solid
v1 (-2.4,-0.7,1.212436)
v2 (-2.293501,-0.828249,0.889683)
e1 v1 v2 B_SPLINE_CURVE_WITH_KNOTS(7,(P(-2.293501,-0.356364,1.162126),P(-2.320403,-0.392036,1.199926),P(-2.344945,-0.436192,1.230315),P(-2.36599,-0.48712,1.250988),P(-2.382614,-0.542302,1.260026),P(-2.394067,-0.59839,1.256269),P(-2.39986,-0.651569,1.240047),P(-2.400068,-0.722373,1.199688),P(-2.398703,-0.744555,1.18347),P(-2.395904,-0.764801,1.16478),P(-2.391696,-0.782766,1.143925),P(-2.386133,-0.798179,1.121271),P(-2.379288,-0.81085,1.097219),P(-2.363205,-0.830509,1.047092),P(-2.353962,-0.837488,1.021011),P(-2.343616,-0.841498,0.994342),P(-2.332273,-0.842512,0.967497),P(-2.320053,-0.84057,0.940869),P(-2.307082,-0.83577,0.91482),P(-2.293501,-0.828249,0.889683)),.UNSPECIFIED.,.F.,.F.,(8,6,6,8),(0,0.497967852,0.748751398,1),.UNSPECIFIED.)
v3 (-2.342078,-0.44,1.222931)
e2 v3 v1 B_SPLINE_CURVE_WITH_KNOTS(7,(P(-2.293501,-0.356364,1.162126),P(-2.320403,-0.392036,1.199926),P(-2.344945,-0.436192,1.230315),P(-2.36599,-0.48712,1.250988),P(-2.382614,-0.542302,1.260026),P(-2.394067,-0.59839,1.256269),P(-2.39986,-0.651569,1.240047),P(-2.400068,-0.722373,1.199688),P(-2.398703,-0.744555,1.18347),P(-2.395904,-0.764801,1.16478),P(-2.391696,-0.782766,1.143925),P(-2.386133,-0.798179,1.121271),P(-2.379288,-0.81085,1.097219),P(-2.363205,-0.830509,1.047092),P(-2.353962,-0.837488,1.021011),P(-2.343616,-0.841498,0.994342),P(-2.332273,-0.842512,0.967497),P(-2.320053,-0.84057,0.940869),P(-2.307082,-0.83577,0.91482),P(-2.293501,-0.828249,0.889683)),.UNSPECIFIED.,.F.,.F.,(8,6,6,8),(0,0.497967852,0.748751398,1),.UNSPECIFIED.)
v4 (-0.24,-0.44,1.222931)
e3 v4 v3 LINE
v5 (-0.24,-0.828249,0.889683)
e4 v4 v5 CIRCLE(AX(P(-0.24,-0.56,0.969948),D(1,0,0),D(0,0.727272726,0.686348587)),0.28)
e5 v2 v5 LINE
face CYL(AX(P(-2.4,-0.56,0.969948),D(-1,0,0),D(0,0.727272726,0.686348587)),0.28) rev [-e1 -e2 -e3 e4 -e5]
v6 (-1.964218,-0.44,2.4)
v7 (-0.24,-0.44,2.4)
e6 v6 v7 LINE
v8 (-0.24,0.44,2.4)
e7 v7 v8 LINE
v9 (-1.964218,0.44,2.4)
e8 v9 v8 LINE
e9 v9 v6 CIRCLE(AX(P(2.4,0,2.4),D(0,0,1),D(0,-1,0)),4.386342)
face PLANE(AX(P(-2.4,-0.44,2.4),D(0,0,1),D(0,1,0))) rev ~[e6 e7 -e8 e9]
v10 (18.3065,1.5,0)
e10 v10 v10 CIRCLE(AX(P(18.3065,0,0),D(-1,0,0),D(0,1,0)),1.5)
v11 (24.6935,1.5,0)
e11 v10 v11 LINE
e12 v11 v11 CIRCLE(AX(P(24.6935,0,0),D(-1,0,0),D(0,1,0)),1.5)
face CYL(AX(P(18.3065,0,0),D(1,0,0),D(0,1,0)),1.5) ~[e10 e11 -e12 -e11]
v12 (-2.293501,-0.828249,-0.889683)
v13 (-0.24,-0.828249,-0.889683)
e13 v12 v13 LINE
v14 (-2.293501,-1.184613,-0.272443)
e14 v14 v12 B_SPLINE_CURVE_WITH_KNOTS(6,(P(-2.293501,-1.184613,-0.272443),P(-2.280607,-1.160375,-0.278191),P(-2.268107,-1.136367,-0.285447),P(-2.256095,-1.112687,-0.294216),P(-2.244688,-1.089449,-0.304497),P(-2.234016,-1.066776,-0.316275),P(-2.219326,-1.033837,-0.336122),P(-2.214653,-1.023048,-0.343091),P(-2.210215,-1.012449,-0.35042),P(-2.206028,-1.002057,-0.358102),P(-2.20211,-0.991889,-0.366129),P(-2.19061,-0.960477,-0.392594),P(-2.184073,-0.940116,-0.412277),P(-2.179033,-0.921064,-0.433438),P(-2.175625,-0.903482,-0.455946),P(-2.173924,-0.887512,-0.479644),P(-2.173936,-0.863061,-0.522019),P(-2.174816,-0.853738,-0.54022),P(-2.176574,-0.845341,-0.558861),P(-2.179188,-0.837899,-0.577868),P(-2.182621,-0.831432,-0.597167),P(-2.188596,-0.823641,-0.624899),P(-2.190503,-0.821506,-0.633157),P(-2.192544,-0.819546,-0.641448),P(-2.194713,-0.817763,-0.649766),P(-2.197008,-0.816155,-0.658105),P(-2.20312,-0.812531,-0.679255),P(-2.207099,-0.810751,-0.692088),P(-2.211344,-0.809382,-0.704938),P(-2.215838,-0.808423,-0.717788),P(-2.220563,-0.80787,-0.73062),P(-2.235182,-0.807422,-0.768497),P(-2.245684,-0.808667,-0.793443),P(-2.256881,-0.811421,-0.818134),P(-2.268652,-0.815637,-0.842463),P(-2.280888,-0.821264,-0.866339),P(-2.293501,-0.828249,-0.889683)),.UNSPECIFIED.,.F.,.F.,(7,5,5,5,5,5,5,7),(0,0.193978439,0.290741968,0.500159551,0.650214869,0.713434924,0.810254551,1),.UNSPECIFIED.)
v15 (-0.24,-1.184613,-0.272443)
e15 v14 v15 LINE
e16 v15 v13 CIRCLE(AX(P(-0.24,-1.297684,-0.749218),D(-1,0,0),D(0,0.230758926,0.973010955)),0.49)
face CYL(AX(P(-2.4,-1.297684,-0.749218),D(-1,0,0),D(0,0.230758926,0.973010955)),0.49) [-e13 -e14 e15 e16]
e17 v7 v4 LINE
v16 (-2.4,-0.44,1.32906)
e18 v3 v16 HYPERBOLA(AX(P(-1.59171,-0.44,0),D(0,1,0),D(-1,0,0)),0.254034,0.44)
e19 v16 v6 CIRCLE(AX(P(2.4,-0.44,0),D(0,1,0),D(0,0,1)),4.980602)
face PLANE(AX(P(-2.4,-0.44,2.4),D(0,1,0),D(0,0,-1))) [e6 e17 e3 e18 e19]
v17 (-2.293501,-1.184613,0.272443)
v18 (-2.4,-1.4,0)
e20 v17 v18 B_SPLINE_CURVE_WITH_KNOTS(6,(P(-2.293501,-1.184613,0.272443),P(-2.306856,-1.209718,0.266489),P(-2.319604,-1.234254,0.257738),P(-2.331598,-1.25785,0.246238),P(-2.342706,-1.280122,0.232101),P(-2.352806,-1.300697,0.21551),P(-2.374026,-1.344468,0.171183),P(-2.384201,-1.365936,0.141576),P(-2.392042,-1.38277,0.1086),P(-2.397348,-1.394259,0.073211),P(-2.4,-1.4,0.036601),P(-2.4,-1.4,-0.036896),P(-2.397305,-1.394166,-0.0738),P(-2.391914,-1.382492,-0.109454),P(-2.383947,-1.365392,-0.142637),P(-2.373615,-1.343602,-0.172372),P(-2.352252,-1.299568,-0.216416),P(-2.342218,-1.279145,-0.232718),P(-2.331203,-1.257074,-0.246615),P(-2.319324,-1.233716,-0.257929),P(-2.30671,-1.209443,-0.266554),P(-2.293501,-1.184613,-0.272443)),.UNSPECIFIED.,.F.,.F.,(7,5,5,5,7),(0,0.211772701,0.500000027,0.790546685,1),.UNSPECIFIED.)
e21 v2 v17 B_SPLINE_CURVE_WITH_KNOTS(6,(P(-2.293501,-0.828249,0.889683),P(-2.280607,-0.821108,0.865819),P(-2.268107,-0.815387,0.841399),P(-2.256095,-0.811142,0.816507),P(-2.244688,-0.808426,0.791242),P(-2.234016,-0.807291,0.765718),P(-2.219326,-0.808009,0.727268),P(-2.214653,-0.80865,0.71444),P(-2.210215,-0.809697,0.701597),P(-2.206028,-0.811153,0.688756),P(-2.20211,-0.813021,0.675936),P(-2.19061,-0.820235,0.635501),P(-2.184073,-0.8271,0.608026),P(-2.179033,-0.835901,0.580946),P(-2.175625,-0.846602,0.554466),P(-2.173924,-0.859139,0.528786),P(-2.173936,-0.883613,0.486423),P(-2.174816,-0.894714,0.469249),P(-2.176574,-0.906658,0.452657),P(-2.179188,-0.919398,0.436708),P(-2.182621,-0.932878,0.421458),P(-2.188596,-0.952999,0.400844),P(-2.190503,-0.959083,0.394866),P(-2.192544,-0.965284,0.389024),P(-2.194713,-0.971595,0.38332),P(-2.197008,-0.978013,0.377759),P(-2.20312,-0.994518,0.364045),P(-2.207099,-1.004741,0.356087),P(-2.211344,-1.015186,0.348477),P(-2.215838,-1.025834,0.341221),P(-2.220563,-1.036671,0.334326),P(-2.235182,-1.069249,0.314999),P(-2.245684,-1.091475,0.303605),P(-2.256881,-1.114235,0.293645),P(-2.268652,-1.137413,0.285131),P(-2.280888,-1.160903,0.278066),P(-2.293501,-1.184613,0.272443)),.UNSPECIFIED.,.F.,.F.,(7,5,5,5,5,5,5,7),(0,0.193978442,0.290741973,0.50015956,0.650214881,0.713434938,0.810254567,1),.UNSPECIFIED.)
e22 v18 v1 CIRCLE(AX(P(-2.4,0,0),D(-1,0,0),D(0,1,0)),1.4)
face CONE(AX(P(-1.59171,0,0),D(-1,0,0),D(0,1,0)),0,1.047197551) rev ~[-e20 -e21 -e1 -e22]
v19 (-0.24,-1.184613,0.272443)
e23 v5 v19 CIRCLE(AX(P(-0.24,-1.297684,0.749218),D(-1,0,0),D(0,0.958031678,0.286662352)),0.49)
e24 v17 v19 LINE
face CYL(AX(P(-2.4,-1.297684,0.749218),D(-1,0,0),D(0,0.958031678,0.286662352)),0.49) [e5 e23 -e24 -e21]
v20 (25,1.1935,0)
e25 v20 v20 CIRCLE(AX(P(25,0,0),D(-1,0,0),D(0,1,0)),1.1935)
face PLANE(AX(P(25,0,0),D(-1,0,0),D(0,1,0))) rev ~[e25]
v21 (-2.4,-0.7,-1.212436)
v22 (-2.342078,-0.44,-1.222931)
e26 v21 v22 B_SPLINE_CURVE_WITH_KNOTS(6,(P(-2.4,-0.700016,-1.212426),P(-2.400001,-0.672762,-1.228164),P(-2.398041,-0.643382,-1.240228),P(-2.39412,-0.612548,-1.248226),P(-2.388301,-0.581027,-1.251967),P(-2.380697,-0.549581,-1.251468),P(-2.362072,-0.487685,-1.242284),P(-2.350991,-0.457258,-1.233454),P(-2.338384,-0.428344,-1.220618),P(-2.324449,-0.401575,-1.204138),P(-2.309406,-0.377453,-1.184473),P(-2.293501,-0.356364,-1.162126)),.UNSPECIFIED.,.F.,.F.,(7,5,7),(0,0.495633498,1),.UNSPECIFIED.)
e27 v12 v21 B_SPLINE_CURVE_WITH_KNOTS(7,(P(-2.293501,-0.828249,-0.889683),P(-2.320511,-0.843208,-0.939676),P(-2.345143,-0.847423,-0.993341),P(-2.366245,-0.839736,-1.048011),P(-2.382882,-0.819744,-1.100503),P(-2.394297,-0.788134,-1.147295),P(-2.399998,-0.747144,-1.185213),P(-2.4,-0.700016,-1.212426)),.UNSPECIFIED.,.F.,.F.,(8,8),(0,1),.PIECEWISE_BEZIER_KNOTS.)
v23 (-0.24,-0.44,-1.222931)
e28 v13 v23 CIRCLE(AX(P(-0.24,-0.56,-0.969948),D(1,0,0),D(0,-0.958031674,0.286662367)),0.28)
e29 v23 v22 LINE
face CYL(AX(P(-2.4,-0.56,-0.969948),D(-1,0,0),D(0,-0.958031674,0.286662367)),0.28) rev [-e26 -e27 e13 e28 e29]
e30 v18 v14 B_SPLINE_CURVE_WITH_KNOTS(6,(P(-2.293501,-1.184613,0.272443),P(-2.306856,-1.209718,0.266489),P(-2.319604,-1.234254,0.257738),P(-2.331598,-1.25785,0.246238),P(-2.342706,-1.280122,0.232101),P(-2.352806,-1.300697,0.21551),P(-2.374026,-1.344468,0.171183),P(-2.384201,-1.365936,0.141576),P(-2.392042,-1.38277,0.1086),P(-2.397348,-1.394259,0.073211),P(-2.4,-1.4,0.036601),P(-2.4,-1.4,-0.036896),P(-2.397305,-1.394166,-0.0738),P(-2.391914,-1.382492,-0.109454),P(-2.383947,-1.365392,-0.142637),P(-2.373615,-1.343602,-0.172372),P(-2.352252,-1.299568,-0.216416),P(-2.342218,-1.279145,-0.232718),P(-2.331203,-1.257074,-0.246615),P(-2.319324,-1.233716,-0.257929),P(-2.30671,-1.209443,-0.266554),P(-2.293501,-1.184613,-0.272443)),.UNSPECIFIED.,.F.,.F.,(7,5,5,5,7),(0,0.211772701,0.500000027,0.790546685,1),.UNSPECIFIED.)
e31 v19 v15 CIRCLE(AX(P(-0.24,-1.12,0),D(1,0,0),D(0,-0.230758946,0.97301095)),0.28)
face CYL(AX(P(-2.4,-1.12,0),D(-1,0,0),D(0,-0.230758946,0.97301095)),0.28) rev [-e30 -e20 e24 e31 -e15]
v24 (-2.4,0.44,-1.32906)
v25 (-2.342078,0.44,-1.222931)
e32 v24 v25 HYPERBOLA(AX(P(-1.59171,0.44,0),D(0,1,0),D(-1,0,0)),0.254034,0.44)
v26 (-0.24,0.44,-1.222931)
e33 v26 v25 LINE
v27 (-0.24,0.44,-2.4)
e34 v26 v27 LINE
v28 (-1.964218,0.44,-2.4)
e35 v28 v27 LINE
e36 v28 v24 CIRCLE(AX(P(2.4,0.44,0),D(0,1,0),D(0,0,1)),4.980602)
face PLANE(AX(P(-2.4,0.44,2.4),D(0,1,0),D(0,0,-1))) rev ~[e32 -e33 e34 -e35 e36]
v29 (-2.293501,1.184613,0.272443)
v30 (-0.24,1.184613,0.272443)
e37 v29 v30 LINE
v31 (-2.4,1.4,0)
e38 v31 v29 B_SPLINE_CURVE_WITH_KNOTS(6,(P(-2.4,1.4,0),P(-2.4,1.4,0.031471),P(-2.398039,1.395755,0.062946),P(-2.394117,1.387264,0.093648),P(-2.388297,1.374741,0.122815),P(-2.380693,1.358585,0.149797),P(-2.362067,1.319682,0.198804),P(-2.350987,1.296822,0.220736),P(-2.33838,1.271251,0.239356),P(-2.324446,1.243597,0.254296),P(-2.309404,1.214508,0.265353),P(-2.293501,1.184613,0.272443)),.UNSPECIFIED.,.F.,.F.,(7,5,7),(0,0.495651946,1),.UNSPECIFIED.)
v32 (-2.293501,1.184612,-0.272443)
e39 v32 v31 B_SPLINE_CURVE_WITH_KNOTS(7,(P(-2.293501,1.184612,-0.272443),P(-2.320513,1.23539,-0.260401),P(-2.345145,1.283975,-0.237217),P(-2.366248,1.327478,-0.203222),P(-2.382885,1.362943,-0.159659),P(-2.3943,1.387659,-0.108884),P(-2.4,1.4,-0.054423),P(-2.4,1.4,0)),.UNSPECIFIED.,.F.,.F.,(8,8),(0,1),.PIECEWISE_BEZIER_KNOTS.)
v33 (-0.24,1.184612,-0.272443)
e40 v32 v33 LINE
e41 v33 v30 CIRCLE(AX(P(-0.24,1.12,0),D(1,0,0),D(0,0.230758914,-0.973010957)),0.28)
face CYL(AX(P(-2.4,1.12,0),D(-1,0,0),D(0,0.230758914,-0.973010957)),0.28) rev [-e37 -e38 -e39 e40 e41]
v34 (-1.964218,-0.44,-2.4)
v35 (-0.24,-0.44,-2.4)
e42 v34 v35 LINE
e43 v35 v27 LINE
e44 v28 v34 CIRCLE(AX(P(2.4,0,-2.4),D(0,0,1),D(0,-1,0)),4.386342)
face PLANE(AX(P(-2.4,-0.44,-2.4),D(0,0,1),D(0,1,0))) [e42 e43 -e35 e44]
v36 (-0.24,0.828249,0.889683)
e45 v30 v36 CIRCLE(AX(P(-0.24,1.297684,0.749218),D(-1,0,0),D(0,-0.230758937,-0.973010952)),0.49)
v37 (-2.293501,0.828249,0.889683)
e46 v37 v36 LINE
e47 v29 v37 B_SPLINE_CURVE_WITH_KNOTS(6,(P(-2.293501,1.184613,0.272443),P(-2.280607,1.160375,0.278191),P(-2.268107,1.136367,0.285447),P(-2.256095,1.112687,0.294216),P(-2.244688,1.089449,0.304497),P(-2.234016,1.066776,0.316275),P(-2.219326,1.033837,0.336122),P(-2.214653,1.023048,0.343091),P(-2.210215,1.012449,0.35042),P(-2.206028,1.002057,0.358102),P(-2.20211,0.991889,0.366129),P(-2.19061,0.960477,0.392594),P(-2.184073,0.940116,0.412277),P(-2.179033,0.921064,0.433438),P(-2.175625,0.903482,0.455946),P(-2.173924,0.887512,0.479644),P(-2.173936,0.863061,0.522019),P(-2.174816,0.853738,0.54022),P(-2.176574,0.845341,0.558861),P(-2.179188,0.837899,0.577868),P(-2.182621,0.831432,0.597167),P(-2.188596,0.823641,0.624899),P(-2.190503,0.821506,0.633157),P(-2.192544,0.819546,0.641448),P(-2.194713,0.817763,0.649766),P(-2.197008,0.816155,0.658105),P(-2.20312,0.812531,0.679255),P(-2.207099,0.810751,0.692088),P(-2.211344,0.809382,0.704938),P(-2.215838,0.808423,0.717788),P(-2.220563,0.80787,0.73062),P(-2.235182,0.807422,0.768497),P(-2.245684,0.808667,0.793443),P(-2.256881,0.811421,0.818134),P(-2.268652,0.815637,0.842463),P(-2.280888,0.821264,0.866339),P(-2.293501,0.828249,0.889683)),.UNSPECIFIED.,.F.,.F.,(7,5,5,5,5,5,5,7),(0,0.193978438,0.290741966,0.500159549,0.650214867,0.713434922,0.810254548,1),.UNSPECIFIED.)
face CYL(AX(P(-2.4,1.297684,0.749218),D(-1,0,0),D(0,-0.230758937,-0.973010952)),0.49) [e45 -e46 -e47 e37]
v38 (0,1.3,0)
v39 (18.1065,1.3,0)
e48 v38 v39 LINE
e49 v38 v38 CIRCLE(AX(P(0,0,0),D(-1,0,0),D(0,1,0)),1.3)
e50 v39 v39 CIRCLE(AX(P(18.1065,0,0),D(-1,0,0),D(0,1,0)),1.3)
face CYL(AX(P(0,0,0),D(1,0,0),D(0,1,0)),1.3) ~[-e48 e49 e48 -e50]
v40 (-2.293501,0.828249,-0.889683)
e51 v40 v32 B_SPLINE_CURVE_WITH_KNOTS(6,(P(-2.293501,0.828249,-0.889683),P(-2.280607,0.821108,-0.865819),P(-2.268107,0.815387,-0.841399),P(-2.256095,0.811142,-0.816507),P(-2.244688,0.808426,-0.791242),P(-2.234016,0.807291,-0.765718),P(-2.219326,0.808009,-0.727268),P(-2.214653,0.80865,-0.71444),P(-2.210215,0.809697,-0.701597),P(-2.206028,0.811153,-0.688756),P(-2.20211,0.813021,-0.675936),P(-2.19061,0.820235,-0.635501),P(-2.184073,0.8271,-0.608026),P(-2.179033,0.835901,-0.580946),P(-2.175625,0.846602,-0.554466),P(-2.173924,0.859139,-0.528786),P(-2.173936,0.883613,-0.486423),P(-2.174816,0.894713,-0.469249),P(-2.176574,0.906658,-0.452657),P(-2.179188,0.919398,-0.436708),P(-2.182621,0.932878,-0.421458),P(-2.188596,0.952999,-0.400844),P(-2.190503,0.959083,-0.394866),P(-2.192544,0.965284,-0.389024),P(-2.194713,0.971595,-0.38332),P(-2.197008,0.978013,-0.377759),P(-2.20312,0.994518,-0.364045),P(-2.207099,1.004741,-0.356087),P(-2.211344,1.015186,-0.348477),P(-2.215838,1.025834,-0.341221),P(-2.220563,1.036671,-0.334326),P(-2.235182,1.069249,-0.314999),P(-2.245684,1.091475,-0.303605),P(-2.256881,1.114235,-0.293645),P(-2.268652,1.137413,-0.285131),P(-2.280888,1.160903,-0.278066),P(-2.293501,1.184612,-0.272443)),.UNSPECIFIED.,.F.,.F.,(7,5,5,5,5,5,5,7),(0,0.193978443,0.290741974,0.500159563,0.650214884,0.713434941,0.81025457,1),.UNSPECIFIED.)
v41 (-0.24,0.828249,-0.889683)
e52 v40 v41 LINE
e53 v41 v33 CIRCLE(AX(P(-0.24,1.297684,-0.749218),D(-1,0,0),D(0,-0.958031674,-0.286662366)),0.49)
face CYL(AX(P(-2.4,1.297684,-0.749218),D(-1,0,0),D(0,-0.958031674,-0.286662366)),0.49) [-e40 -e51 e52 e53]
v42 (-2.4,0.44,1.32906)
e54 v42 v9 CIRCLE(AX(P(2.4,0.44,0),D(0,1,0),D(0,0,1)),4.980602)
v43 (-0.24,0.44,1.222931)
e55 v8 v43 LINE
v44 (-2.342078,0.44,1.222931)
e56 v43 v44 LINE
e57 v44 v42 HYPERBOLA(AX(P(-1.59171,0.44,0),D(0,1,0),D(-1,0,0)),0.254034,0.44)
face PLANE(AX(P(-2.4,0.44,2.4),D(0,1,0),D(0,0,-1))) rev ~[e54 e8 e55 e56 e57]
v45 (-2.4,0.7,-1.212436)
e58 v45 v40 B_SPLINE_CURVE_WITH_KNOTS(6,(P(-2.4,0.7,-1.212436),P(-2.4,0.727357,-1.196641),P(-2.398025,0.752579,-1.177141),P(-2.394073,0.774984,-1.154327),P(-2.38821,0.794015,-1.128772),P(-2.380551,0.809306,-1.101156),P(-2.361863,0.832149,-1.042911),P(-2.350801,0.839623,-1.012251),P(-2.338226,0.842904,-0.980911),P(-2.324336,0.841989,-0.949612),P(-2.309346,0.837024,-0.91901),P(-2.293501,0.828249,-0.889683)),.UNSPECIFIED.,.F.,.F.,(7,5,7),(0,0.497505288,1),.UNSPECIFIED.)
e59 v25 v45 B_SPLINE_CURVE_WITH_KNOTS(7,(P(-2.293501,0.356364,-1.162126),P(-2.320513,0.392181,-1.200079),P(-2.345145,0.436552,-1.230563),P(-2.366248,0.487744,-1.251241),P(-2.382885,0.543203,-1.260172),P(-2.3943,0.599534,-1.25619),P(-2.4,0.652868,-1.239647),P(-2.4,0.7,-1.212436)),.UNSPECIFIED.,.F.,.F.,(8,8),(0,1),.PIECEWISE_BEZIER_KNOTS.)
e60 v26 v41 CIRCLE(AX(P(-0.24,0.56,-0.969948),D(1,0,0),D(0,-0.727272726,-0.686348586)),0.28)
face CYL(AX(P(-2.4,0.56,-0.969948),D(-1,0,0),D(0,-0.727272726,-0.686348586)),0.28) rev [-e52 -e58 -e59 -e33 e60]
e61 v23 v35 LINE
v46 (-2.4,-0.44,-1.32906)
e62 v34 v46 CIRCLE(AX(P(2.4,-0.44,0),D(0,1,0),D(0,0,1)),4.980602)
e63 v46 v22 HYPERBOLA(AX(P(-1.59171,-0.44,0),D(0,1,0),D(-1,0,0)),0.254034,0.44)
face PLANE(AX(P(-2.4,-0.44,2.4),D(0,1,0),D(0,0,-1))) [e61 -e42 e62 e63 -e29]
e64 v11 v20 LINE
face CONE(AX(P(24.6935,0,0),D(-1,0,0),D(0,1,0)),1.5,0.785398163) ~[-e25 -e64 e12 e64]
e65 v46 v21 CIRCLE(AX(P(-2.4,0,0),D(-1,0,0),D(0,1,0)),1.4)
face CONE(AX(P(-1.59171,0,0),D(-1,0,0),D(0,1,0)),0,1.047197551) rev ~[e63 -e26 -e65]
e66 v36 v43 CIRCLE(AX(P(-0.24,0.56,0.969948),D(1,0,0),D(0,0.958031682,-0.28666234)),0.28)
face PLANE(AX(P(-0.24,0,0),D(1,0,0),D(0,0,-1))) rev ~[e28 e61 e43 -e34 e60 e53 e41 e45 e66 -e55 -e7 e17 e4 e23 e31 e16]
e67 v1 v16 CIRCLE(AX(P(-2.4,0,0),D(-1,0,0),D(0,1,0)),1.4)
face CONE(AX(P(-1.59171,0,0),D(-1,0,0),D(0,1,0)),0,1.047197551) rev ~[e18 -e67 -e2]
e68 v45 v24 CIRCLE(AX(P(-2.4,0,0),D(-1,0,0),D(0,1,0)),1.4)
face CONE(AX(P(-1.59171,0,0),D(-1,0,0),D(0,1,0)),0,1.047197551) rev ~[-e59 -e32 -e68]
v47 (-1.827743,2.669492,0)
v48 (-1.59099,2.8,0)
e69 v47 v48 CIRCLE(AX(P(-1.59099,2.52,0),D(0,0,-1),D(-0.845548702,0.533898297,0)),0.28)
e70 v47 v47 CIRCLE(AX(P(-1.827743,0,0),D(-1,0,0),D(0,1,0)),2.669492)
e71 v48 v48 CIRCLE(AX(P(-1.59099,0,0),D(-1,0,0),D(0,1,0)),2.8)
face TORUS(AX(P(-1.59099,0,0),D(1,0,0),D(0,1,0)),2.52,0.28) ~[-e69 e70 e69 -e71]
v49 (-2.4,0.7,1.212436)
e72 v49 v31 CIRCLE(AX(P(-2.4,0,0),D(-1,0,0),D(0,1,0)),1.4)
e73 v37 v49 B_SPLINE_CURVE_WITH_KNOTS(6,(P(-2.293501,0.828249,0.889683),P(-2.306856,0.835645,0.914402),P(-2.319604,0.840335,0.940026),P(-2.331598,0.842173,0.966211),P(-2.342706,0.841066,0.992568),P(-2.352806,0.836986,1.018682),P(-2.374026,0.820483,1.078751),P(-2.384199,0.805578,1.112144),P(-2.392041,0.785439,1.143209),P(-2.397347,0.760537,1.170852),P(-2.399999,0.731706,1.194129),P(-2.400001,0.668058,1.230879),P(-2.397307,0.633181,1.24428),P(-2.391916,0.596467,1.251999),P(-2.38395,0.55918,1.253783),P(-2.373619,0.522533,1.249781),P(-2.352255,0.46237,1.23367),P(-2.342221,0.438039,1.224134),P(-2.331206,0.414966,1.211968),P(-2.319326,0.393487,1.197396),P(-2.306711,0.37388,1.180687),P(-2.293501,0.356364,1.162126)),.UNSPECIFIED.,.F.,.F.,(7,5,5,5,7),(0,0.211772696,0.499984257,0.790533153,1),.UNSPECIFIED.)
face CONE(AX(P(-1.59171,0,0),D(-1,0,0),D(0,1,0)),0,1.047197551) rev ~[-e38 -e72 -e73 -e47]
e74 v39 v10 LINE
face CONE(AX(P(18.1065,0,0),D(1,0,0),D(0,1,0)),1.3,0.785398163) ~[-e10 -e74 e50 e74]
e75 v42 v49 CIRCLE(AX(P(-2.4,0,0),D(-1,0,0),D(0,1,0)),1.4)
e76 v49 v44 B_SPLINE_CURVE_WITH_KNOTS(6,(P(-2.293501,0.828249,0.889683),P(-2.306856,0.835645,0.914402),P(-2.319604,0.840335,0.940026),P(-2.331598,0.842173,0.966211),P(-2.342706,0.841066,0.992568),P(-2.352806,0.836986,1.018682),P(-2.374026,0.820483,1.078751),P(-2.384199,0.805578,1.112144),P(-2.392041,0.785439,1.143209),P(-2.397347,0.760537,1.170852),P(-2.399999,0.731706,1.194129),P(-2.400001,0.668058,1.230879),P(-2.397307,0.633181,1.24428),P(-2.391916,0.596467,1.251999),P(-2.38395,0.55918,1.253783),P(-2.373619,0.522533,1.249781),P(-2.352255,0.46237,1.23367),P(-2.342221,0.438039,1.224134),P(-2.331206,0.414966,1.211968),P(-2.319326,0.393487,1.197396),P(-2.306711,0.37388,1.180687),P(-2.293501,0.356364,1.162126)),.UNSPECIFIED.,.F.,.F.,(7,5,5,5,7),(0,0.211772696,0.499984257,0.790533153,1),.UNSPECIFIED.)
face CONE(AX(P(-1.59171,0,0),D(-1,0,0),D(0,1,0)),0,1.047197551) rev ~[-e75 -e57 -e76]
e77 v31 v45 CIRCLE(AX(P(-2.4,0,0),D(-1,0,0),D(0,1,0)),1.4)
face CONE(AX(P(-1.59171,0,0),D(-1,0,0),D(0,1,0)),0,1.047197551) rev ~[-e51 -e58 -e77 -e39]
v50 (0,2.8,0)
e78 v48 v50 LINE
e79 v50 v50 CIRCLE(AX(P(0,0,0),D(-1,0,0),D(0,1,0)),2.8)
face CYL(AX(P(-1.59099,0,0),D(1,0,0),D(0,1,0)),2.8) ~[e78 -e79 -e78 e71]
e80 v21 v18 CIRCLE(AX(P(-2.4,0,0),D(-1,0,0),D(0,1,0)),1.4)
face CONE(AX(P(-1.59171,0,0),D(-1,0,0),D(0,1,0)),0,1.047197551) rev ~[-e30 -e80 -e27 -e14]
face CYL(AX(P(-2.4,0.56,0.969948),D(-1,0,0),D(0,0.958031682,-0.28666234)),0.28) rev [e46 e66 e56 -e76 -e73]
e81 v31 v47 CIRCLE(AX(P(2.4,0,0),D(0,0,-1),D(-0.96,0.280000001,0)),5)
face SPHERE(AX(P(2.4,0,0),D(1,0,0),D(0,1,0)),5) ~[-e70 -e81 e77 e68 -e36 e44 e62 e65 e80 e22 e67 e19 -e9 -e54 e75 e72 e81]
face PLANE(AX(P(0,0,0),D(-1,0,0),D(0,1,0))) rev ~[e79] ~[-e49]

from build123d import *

# Parameters (mm, degrees)
CUT_EXTRUDE1_DEPTH = 2.16
SKETCH3_W          = 4.8
SKETCH3_H          = 0.88
CUT_EXTRUDE2_DEPTH = 2.16


with BuildPart() as part:
    # Sketch1 → Revolve1 (revolve)
    with BuildSketch(Plane.XY):
        with BuildLine():
            Line((-1.591709623, 0), (-2.4, 1.4))
            ThreePointArc((-2.4, 1.4), (-2.158282604, 2.05476512), (-1.827743487, 2.669491525))
            ThreePointArc((-1.827743487, 2.669491525), (-1.726160805, 2.765211773), (-1.590989852, 2.8))
            Line((-1.590989852, 2.8), (0, 2.8))
            Line((0, 2.8), (0, 1.3))
            Line((0, 1.3), (18.1065, 1.3))
            Line((18.1065, 1.3), (18.3065, 1.5))
            Line((18.3065, 1.5), (24.6935, 1.5))
            Line((24.6935, 1.5), (25, 1.1935))
            Line((25, 1.1935), (25, 0))
            Line((25, 0), (-1.591709623, 0))
        make_face()
    revolve(axis=Axis((25, 0, 0), (-1, 0, 0)))

    # Sketch2 → Cut-Extrude1 (cut)
    with BuildSketch(Plane(origin=(-2.4, 0, 0), x_dir=(0, 0, -1), z_dir=(1, 0, 0))):
        with BuildLine():
            ThreePointArc((-1.162126056, -0.356363636), (-1.212435563, -0.700000003), (-0.889682983, -0.828248867))
            ThreePointArc((-0.889682983, -0.828248867), (-0.504218428, -0.873331943), (-0.272443066, -1.184612505))
            ThreePointArc((-0.272443066, -1.184612505), (-6e-09, -1.4), (0.272443063, -1.184612516))
            ThreePointArc((0.272443063, -1.184612516), (0.504218427, -0.873331944), (0.88968299, -0.828248869))
            ThreePointArc((0.88968299, -0.828248869), (1.212435563, -0.700000005), (1.162126064, -0.356363644))
            ThreePointArc((1.162126064, -0.356363644), (1.008436863, -6e-09), (1.162126056, 0.356363636))
            ThreePointArc((1.162126056, 0.356363636), (1.212435565, 0.7), (0.88968299, 0.828248869))
            ThreePointArc((0.88968299, 0.828248869), (0.504218435, 0.873331939), (0.272443068, 1.184612496))
            ThreePointArc((0.272443068, 1.184612496), (7e-09, 1.4), (-0.272443065, 1.18461251))
            ThreePointArc((-0.272443065, 1.18461251), (-0.504218432, 0.873331941), (-0.889682997, 0.828248871))
            ThreePointArc((-0.889682997, 0.828248871), (-1.212435569, 0.699999994), (-1.162126051, 0.356363631))
            ThreePointArc((-1.162126051, 0.356363631), (-1.008436863, -4e-09), (-1.162126056, -0.356363636))
        make_face()
    extrude(amount=CUT_EXTRUDE1_DEPTH, mode=Mode.SUBTRACT)

    # Sketch3 → Cut-Extrude2 (cut)
    with BuildSketch(Plane(origin=(-2.4, 0, 0), x_dir=(0, 0, -1), z_dir=(1, 0, 0))):
        Rectangle(SKETCH3_W, SKETCH3_H)
    extrude(amount=CUT_EXTRUDE2_DEPTH, mode=Mode.SUBTRACT)


solid = part.part
